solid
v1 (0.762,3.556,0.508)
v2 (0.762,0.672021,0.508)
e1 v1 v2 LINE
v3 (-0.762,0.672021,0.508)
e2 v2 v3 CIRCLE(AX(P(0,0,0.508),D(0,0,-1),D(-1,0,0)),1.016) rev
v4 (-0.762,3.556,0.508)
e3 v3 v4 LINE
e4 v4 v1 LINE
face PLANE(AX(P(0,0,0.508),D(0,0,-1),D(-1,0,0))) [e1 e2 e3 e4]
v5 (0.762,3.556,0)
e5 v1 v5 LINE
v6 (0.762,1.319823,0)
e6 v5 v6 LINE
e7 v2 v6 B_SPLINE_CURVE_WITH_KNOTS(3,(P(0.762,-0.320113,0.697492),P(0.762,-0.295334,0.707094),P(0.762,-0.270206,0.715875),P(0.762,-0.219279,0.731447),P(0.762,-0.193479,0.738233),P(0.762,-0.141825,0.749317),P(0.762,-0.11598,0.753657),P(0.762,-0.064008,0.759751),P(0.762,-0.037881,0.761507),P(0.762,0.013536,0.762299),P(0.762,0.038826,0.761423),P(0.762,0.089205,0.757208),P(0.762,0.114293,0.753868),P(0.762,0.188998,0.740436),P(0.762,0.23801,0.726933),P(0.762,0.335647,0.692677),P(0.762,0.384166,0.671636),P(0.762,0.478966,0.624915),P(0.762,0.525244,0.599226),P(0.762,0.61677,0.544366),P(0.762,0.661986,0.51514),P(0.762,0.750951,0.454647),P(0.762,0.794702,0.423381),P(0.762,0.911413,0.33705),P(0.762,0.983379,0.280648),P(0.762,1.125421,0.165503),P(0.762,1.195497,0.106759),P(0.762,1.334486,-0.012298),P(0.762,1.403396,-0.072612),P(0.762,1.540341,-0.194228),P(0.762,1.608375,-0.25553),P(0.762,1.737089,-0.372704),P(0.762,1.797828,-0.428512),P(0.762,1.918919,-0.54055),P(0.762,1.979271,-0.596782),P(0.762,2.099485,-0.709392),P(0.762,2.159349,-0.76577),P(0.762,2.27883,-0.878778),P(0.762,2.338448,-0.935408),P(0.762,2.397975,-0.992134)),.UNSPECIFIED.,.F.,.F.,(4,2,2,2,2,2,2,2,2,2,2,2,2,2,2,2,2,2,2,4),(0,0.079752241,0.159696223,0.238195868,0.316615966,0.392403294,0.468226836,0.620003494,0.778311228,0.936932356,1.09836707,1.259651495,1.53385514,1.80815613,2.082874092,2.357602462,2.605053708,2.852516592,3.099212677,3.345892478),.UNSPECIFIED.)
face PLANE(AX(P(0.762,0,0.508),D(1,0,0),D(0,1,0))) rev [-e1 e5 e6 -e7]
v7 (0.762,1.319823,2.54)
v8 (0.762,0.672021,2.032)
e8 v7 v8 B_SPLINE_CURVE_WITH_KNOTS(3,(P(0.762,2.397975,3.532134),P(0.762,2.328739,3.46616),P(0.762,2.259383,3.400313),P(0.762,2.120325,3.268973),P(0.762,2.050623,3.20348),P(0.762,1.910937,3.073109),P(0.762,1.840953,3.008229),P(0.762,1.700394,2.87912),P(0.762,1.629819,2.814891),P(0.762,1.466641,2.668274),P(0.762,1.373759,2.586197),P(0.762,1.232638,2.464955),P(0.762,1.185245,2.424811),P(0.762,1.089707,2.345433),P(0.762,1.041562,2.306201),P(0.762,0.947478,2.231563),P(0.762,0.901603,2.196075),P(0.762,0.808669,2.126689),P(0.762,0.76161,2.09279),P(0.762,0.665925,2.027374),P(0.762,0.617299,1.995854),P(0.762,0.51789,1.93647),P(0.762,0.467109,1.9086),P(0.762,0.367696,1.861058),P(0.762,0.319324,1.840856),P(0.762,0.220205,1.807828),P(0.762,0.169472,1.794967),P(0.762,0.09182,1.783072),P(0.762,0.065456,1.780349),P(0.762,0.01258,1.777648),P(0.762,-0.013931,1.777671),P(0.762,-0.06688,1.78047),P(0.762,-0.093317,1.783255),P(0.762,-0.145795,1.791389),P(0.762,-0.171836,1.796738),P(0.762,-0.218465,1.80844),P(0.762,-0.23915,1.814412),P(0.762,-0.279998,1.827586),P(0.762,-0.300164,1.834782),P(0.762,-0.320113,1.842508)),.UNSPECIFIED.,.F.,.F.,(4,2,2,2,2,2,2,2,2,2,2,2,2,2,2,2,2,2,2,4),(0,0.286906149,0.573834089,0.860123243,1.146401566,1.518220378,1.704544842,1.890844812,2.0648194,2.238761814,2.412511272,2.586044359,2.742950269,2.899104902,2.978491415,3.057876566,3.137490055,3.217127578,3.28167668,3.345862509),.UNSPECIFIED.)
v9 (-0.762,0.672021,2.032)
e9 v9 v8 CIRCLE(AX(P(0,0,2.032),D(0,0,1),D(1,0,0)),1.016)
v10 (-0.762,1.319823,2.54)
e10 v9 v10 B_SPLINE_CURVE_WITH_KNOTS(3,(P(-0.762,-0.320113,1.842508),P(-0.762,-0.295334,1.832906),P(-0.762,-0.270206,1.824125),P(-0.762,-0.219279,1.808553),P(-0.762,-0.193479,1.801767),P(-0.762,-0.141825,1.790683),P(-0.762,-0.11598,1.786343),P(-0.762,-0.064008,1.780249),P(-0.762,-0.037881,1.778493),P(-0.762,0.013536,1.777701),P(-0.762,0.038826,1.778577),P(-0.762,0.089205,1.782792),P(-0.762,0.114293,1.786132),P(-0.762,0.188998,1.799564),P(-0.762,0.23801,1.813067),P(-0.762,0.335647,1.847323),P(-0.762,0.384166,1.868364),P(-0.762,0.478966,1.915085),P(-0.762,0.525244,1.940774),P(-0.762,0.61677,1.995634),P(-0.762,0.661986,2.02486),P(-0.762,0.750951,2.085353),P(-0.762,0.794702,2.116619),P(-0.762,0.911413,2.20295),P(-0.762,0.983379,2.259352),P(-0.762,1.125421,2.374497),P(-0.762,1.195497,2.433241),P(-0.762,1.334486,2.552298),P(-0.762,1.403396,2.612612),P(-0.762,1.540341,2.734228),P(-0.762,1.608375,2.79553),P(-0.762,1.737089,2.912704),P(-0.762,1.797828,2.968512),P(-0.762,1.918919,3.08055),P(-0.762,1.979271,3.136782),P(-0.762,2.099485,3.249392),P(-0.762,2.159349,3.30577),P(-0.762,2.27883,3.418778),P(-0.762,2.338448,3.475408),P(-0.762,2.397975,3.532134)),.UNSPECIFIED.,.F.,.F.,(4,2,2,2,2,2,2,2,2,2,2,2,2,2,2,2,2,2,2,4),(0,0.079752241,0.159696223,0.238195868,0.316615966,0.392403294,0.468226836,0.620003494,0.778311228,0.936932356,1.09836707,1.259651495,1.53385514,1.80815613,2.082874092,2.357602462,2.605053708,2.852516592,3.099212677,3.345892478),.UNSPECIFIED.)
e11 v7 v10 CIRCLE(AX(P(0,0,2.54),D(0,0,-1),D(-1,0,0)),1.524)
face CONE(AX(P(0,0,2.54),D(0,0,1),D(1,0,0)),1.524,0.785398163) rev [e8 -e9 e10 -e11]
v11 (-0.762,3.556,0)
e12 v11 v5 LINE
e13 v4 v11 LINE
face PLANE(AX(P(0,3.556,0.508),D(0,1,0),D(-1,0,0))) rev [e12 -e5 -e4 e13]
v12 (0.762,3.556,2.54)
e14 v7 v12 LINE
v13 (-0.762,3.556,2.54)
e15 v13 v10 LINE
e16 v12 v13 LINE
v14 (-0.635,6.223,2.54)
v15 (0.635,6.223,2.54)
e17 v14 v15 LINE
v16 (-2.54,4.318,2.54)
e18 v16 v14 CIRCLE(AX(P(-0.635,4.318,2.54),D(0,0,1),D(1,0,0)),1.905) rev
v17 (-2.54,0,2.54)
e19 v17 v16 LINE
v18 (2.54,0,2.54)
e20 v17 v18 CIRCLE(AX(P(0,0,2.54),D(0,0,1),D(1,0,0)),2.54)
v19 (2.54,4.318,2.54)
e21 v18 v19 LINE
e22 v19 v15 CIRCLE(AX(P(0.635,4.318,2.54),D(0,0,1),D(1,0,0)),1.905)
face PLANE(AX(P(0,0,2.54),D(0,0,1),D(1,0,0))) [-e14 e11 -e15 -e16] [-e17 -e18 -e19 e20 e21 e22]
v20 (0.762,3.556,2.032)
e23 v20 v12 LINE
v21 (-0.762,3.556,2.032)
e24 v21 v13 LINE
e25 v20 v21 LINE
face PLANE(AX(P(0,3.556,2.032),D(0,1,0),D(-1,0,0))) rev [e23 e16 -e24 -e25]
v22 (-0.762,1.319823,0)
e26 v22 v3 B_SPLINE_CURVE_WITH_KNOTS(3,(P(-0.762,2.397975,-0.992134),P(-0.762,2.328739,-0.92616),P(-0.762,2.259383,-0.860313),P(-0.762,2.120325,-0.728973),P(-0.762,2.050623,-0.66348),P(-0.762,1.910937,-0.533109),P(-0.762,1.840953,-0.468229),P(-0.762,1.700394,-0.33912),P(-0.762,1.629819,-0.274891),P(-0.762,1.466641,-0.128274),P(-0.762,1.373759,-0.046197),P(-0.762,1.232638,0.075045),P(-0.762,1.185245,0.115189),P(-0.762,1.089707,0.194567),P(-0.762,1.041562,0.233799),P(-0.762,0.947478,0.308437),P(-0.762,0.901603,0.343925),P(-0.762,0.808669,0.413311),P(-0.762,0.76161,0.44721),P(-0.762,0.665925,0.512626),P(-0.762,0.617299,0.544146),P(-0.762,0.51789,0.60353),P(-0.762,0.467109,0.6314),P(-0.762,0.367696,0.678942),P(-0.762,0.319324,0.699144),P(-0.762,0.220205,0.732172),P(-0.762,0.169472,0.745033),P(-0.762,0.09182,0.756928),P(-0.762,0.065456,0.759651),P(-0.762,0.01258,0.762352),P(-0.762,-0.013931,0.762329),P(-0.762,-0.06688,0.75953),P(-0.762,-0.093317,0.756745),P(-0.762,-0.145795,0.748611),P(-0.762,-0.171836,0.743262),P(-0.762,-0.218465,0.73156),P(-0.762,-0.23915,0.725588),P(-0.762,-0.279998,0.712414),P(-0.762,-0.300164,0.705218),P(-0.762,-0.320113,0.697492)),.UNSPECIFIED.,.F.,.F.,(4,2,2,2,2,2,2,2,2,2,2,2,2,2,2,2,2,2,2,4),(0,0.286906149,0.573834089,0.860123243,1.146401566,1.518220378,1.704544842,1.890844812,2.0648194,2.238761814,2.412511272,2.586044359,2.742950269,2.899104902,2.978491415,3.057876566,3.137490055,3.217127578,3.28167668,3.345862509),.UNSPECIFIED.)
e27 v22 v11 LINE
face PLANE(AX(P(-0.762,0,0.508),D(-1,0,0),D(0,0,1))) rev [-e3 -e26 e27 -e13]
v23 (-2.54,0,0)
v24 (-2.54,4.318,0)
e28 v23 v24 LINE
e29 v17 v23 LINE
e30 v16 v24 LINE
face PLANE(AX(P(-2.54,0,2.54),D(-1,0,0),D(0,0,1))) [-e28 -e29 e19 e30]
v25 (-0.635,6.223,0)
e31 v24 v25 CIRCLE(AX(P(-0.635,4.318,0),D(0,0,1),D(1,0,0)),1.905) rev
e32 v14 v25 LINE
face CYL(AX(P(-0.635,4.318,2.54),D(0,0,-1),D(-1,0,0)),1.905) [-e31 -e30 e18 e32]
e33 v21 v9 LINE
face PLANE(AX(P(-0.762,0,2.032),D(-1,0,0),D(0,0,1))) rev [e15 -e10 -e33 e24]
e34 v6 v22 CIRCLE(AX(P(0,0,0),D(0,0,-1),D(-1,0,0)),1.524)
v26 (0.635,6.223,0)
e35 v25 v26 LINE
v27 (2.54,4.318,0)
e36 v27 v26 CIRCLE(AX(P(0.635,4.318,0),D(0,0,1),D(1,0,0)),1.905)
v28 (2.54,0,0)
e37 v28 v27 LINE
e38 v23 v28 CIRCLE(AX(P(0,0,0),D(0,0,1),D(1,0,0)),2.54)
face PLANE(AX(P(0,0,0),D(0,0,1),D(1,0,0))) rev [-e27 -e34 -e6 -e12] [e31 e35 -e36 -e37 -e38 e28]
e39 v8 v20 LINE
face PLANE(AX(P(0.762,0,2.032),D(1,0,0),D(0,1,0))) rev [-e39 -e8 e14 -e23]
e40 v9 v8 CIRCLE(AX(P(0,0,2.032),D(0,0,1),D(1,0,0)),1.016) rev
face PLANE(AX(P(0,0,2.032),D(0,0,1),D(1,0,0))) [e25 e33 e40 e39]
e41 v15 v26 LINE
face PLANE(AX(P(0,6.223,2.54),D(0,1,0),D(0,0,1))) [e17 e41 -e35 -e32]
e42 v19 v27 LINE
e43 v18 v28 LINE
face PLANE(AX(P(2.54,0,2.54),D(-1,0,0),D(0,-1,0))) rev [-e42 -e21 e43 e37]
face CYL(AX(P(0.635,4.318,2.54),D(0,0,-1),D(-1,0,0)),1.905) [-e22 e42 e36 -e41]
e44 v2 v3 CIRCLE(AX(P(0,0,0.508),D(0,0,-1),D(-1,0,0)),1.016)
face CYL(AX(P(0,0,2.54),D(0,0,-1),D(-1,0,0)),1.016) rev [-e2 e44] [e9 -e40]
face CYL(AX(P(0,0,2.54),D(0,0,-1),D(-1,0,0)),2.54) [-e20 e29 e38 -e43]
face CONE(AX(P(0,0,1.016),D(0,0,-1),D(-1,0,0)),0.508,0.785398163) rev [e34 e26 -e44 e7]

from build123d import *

# Parameters (mm, degrees)
SKETCH2_R           = 1.016
BOSS_EXTRUDE2_DEPTH = 2.54
CUT_EXTRUDE1_DEPTH  = 0.508
CUT_EXTRUDE2_DEPTH  = 0.508


with BuildPart() as part:
    # Sketch2 → Boss-Extrude2 (new body)
    with BuildSketch(Plane.XY):
        with BuildLine():
            ThreePointArc((-2.54, 0), (0, -2.54), (2.54, 0))
            Line((2.54, 0), (2.54, 4.318))
            ThreePointArc((2.54, 4.318), (1.982038418, 5.665038418), (0.635, 6.223))
            Line((0.635, 6.223), (-0.635, 6.223))
            ThreePointArc((-0.635, 6.223), (-1.982038418, 5.665038418), (-2.54, 4.318))
            Line((-2.54, 4.318), (-2.54, 0))
        make_face()
        Circle(SKETCH2_R, mode=Mode.SUBTRACT)
    extrude(amount=BOSS_EXTRUDE2_DEPTH)

    # Sketch3 → Cut-Extrude1 (cut)
    with BuildSketch(Plane.XY.offset(2.54)):
        with BuildLine():
            Line((-0.762, 2.423005572), (-0.762, 1.319822715))
            ThreePointArc((-0.762, 1.319822715), (0, 1.524), (0.762, 1.319822715))
            Line((0.762, 1.319822715), (0.762, 2.423005572))
            ThreePointArc((0.762, 2.423005572), (0, 2.54), (-0.762, 2.423005572))
        make_face()
        with BuildLine():
            Line((-0.762, 3.556), (-0.762, 2.423005572))
            ThreePointArc((-0.762, 2.423005572), (0, 2.54), (0.762, 2.423005572))
            Line((0.762, 2.423005572), (0.762, 3.556))
            Line((0.762, 3.556), (-0.762, 3.556))
        make_face()
        with BuildLine():
            Line((-0.762, 1.319822715), (-0.762, 0.672020833))
            ThreePointArc((-0.762, 0.672020833), (0, 1.016), (0.762, 0.672020833))
            Line((0.762, 0.672020833), (0.762, 1.319822715))
            ThreePointArc((0.762, 1.319822715), (0, 1.524), (-0.762, 1.319822715))
        make_face()
    extrude(amount=-CUT_EXTRUDE1_DEPTH, mode=Mode.SUBTRACT)

    # Sketch4 → Cut-Extrude2 (cut)
    with BuildSketch(Plane(origin=(0, 0, 0), x_dir=(-1, 0, 0), z_dir=(0, 0, -1))):
        with BuildLine():
            ThreePointArc((-0.762, 2.423005572), (0, 2.54), (0.762, 2.423005572))
            Line((0.762, 2.423005572), (0.762, 3.556))
            Line((0.762, 3.556), (-0.762, 3.556))
            Line((-0.762, 3.556), (-0.762, 2.423005572))
        make_face()
        with BuildLine():
            Line((0.762, 1.319822715), (0.762, 2.423005572))
            ThreePointArc((0.762, 2.423005572), (0, 2.54), (-0.762, 2.423005572))
            Line((-0.762, 2.423005572), (-0.762, 1.319822715))
            ThreePointArc((-0.762, 1.319822715), (0, 1.524), (0.762, 1.319822715))
        make_face()
        with BuildLine():
            Line((0.762, 0.672020833), (0.762, 1.319822715))
            ThreePointArc((0.762, 1.319822715), (0, 1.524), (-0.762, 1.319822715))
            Line((-0.762, 1.319822715), (-0.762, 0.672020833))
            ThreePointArc((-0.762, 0.672020833), (0, 1.016), (0.762, 0.672020833))
        make_face()
    extrude(amount=-CUT_EXTRUDE2_DEPTH, mode=Mode.SUBTRACT)

    # Sketch7 → Cut-Revolve1 (revolve, cut)
    with BuildSketch(Plane(origin=(0, 0, 0), x_dir=(1, 0, 0), z_dir=(0, 1, 0))):
        Polygon((0, 0), (0, -2.54), (1.524, -2.54), (0.508, -1.524), (0.508, -1.016), (1.524, 0), align=None)
    revolve(axis=Axis((0, 0, 0), (0, 0, 1)), mode=Mode.SUBTRACT)


solid = part.part
